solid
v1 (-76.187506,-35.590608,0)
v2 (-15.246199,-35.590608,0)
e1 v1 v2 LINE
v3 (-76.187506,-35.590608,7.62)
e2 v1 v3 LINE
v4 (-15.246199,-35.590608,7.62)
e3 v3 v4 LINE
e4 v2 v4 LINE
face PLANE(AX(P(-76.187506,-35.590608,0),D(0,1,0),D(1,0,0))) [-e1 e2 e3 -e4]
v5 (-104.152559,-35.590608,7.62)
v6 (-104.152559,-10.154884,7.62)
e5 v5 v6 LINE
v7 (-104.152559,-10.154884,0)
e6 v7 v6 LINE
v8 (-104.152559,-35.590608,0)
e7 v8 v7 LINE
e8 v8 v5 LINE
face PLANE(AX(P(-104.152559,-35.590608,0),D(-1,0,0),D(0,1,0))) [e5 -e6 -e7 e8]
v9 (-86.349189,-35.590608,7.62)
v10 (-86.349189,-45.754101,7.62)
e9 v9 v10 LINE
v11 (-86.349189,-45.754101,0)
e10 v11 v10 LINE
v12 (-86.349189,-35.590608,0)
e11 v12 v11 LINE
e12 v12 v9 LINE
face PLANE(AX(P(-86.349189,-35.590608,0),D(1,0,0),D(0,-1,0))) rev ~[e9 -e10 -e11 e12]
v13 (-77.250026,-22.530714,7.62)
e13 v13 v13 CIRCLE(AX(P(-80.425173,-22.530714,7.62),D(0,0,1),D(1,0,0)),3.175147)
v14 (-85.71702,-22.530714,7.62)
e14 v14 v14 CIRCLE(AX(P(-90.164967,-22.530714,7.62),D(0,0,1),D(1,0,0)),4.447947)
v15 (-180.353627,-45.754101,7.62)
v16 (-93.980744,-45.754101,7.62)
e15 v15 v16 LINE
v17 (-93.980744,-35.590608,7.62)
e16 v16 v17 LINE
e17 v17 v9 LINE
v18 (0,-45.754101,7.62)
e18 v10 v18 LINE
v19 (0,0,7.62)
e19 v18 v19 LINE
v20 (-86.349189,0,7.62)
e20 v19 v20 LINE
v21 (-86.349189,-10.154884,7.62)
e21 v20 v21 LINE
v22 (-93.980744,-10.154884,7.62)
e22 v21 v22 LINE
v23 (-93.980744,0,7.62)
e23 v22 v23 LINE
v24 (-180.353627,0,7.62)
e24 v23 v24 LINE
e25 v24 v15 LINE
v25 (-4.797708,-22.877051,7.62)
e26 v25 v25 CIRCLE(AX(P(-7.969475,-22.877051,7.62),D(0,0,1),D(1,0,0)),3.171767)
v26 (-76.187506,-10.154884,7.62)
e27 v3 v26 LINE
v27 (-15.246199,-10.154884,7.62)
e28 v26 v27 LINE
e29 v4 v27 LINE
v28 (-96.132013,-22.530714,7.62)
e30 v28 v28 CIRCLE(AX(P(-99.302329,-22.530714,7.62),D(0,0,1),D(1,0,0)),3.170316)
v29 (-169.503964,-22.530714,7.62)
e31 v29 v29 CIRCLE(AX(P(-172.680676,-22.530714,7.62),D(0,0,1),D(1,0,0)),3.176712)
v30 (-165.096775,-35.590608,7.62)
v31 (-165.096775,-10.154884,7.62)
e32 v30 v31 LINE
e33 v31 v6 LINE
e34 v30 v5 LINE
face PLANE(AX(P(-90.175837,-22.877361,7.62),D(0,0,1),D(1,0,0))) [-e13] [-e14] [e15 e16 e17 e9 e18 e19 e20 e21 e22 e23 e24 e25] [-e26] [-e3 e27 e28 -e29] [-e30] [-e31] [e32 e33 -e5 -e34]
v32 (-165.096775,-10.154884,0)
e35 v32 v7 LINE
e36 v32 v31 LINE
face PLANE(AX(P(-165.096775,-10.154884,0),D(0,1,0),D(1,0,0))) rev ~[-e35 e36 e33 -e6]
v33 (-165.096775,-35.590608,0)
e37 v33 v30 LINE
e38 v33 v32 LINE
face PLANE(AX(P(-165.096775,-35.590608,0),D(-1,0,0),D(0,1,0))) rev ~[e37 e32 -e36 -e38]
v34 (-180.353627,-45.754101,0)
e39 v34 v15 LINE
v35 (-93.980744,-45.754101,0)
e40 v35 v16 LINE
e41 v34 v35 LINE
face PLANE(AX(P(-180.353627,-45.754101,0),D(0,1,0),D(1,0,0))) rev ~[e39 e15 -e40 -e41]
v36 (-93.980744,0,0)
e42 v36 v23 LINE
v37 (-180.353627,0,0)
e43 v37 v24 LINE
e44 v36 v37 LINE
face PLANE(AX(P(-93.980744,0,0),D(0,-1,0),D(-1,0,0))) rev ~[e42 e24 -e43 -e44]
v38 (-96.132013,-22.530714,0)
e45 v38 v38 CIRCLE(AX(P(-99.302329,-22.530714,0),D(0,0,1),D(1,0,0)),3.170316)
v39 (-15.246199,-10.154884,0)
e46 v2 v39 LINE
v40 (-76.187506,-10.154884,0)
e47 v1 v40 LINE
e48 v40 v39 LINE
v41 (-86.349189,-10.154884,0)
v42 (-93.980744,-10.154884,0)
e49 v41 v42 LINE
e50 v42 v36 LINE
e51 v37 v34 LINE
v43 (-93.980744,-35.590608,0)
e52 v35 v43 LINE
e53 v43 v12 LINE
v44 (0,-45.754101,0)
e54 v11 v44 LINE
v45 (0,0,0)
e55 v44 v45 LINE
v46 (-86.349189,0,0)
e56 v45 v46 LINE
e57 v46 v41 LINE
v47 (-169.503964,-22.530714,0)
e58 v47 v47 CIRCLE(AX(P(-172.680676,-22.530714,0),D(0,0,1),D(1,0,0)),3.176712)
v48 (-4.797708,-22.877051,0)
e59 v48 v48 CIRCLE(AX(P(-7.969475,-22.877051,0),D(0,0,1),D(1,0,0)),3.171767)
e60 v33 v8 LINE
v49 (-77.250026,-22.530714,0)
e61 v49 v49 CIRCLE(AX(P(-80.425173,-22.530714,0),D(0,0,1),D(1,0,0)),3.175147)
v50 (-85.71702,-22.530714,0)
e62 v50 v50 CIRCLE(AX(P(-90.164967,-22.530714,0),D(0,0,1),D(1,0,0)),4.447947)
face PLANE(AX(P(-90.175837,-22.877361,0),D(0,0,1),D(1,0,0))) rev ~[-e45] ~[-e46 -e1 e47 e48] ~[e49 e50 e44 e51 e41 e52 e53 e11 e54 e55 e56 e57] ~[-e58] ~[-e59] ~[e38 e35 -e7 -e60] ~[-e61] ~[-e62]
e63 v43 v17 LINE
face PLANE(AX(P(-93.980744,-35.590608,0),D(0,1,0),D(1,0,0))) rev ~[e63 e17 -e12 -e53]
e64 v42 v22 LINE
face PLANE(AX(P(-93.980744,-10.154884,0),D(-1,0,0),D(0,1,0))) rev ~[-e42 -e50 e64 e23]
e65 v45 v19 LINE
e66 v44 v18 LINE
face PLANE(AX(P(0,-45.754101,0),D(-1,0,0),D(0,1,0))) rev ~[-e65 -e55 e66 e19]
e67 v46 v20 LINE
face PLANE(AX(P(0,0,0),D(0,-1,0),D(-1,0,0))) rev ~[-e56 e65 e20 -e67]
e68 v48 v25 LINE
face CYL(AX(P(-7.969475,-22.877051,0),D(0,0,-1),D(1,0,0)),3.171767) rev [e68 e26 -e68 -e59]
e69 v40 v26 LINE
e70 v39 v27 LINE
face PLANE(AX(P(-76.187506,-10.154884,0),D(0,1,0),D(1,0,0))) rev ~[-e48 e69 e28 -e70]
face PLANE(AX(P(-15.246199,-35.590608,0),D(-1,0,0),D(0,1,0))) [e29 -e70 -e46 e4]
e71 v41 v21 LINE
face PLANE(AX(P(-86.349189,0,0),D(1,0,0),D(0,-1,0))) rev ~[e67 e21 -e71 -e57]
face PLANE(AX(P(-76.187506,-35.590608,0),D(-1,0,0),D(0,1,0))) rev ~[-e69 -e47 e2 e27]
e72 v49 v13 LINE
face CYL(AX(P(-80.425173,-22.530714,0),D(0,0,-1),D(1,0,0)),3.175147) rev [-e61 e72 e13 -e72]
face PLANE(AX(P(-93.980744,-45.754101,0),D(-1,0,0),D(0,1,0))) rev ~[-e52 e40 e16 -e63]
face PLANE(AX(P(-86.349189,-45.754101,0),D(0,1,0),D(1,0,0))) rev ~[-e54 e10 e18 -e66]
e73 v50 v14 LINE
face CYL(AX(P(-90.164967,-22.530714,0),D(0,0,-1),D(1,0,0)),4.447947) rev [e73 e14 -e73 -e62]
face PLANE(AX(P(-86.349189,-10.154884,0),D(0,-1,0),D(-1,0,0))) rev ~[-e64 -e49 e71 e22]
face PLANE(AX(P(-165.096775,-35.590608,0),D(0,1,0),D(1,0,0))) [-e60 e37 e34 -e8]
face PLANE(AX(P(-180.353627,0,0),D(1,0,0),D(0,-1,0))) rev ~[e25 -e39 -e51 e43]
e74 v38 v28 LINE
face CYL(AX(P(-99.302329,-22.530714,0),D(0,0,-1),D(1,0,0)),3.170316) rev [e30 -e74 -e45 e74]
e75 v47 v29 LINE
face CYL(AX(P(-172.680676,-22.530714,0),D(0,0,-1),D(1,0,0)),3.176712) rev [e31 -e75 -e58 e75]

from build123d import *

# Parameters (mm, degrees)
F0_R     = 3.176712
F0_W     = 60.944215
F0_H     = 25.435724
F0_R_2   = 3.170316
F0_R_3   = 4.447947
F0_R_4   = 3.175147
F0_W_2   = 60.941307
F0_R_5   = 3.171767
F1_DEPTH = 7.62


with BuildPart() as f1:
    # F0 (on Top) → F1 (new body)
    with BuildSketch(Plane.XY):
        Polygon((0, -10.154884), (0, 0), (-10.158613, 0), (-15.246199, 0), (-44.828615, 0), (-76.187506, 0), (-86.349189, 0), (-86.349189, -10.154884), (-93.980744, -10.154884), (-93.980744, 0), (-104.15256, 0), (-165.096775, 0), (-170.221075, 0), (-180.353627, 0), (-180.353627, -10.154884), (-180.353627, -35.590608), (-180.353627, -45.754101), (-170.221075, -45.754101), (-165.096775, -45.754101), (-93.980744, -45.754101), (-93.980744, -35.590608), (-86.349189, -35.590608), (-86.349189, -45.754101), (-76.187506, -45.754101), (-15.246199, -45.754101), (-10.158613, -45.754101), (0, -45.754101), (0, -35.590608), align=None)
        with Locations((-172.680676, -22.530714)):
            Circle(F0_R, mode=Mode.SUBTRACT)
        with Locations((-134.624667, -22.872746)):
            Rectangle(F0_W, F0_H, mode=Mode.SUBTRACT)
        with Locations((-99.302329, -22.530714)):
            Circle(F0_R_2, mode=Mode.SUBTRACT)
        with Locations((-90.164967, -22.530714)):
            Circle(F0_R_3, mode=Mode.SUBTRACT)
        with Locations((-80.425173, -22.530714)):
            Circle(F0_R_4, mode=Mode.SUBTRACT)
        with Locations((-45.716853, -22.872746)):
            Rectangle(F0_W_2, F0_H, mode=Mode.SUBTRACT)
        with Locations((-7.969475, -22.877051)):
            Circle(F0_R_5, mode=Mode.SUBTRACT)
    extrude(amount=F1_DEPTH)


solid = f1.part
